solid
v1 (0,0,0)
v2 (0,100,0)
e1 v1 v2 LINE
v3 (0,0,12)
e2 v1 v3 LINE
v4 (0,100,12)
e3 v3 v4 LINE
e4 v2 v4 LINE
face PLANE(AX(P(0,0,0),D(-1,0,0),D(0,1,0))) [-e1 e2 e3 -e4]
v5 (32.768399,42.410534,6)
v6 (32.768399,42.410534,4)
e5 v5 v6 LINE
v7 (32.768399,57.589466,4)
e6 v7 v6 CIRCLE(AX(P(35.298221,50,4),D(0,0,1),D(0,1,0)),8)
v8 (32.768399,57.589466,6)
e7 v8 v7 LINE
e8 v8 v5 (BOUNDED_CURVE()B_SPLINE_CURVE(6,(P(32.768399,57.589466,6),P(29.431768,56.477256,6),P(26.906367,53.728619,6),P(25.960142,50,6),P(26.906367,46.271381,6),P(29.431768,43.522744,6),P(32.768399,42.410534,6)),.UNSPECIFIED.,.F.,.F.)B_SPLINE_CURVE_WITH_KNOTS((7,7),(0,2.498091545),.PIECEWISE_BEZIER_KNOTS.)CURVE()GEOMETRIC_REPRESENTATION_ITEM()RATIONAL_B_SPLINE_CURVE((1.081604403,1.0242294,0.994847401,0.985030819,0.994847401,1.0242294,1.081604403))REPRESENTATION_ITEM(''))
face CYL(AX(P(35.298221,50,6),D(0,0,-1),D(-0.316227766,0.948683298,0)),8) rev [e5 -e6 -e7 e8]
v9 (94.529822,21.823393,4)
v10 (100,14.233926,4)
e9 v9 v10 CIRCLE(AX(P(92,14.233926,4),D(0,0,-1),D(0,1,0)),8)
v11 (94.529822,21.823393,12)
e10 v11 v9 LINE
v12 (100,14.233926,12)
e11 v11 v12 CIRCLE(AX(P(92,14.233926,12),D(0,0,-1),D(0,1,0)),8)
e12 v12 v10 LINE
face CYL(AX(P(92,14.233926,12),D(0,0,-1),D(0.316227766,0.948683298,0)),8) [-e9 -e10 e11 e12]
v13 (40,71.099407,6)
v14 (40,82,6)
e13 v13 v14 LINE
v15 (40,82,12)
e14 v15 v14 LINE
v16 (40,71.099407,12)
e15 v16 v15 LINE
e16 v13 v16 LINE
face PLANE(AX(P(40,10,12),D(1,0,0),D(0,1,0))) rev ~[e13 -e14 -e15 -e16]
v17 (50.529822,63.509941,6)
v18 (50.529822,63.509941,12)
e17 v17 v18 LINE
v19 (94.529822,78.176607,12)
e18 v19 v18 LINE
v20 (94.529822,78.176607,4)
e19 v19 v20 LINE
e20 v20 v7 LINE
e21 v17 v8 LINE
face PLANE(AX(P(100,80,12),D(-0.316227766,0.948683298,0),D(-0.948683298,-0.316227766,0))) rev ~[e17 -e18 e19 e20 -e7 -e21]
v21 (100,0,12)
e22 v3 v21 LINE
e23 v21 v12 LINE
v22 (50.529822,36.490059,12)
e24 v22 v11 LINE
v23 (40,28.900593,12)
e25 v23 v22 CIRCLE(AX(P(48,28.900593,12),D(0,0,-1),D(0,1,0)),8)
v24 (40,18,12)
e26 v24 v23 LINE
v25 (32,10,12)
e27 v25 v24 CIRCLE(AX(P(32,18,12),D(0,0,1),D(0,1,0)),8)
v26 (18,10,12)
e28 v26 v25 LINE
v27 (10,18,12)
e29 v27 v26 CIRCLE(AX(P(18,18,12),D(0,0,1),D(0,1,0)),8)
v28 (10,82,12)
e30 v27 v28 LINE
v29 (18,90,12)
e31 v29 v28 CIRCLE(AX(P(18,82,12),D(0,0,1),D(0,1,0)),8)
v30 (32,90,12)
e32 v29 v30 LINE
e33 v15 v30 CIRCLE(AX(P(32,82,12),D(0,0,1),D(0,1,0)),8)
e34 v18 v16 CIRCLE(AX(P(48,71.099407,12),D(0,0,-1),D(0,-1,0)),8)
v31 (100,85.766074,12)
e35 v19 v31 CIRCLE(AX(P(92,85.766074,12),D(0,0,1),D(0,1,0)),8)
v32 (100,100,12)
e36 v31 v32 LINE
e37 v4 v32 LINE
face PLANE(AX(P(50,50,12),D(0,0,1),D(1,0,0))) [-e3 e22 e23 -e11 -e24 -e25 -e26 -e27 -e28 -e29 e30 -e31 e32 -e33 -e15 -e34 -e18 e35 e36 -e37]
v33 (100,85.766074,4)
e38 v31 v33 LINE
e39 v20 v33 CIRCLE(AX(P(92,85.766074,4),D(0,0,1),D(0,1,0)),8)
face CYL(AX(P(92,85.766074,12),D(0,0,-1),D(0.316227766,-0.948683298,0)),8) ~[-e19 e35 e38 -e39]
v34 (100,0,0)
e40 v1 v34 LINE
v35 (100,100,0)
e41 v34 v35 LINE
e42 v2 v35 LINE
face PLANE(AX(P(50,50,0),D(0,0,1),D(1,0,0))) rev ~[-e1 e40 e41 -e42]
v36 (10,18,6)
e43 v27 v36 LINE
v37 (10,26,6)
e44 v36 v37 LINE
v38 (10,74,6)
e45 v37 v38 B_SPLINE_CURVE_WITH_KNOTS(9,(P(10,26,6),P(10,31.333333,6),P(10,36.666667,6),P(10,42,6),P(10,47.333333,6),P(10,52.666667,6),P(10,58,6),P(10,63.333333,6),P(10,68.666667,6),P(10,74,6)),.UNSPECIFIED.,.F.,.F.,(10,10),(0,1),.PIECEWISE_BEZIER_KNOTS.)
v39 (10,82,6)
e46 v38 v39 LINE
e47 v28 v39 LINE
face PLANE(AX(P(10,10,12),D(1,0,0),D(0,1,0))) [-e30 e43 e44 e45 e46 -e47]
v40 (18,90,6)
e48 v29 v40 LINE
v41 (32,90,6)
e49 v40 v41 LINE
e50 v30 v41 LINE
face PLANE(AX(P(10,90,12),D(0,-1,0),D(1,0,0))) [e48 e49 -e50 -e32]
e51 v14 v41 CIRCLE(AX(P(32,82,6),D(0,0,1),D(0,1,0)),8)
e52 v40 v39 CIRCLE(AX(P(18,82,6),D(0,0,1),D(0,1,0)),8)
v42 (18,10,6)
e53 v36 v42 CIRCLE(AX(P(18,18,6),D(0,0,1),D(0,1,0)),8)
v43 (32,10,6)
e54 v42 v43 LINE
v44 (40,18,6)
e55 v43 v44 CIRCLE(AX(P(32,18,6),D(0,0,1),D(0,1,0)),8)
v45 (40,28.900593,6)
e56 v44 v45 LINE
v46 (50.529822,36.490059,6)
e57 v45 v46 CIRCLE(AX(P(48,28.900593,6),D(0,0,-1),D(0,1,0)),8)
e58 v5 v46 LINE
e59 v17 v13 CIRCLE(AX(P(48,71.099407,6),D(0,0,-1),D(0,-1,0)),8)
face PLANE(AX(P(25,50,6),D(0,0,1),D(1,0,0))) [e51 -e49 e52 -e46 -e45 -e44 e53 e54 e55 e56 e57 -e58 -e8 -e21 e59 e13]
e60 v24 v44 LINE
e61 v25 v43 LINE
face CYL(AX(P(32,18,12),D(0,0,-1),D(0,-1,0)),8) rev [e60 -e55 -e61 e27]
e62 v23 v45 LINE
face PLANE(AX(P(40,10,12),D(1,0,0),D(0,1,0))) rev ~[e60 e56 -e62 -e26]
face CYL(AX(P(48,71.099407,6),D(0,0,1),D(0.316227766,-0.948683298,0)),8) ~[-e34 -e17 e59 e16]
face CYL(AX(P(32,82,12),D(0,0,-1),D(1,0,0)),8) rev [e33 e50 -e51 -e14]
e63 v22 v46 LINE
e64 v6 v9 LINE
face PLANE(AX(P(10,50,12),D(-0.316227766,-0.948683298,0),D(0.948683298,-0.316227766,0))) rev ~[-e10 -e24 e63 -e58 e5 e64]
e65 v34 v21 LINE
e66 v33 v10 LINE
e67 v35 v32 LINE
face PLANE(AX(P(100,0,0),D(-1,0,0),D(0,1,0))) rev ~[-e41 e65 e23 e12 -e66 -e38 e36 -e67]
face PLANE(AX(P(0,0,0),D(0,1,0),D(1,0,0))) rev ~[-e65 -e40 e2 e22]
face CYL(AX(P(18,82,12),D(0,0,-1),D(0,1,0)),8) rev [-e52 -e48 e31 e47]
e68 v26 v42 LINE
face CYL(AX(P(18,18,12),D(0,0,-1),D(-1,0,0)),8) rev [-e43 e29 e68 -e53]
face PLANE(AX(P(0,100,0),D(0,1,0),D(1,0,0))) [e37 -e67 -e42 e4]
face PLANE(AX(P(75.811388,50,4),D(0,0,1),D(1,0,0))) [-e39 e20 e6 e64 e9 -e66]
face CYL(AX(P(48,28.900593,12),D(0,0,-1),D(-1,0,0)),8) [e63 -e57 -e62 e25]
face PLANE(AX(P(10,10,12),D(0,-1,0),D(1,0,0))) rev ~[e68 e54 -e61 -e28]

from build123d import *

# Parameters (mm, degrees)
F0_W     = 100
F0_H     = 100
F1_DEPTH = 12
F2_W     = 30
F2_H     = 80
F3_DEPTH = 6
F5_DEPTH = 8
F6_R     = 8


with BuildPart() as f1:
    # F0 (on Top) → F1 (new body)
    with BuildSketch(Plane.XY):
        with Locations((50, 50)):
            Rectangle(F0_W, F0_H)
    extrude(amount=F1_DEPTH)

    # F2 (on face) → F3 (cut)
    with BuildSketch(Plane.XY.offset(12)):
        with Locations((25, 50)):
            Rectangle(F2_W, F2_H)
    extrude(amount=-F3_DEPTH, mode=Mode.SUBTRACT)

    # F4 (on face) → F5 (cut)
    with BuildSketch(Plane.XY.offset(12)):
        Polygon((100, 80), (40, 60), (40, 40), (100, 20), align=None)
        Polygon((40, 60), (10, 50), (40, 40), align=None)
    extrude(amount=-F5_DEPTH, mode=Mode.SUBTRACT)

    # F6
    f6_edges = [f1.edges().sort_by_distance(p)[0] for p in [
        (10, 50, 5),
        (10, 90, 9),
        (10, 10, 9),
        (40, 90, 9),
        (40, 10, 9),
        (100, 20, 8),
        (100, 80, 8),
        (40, 60, 9),
        (40, 40, 9),
    ]]
    fillet(f6_edges, radius=F6_R)


solid = f1.part
